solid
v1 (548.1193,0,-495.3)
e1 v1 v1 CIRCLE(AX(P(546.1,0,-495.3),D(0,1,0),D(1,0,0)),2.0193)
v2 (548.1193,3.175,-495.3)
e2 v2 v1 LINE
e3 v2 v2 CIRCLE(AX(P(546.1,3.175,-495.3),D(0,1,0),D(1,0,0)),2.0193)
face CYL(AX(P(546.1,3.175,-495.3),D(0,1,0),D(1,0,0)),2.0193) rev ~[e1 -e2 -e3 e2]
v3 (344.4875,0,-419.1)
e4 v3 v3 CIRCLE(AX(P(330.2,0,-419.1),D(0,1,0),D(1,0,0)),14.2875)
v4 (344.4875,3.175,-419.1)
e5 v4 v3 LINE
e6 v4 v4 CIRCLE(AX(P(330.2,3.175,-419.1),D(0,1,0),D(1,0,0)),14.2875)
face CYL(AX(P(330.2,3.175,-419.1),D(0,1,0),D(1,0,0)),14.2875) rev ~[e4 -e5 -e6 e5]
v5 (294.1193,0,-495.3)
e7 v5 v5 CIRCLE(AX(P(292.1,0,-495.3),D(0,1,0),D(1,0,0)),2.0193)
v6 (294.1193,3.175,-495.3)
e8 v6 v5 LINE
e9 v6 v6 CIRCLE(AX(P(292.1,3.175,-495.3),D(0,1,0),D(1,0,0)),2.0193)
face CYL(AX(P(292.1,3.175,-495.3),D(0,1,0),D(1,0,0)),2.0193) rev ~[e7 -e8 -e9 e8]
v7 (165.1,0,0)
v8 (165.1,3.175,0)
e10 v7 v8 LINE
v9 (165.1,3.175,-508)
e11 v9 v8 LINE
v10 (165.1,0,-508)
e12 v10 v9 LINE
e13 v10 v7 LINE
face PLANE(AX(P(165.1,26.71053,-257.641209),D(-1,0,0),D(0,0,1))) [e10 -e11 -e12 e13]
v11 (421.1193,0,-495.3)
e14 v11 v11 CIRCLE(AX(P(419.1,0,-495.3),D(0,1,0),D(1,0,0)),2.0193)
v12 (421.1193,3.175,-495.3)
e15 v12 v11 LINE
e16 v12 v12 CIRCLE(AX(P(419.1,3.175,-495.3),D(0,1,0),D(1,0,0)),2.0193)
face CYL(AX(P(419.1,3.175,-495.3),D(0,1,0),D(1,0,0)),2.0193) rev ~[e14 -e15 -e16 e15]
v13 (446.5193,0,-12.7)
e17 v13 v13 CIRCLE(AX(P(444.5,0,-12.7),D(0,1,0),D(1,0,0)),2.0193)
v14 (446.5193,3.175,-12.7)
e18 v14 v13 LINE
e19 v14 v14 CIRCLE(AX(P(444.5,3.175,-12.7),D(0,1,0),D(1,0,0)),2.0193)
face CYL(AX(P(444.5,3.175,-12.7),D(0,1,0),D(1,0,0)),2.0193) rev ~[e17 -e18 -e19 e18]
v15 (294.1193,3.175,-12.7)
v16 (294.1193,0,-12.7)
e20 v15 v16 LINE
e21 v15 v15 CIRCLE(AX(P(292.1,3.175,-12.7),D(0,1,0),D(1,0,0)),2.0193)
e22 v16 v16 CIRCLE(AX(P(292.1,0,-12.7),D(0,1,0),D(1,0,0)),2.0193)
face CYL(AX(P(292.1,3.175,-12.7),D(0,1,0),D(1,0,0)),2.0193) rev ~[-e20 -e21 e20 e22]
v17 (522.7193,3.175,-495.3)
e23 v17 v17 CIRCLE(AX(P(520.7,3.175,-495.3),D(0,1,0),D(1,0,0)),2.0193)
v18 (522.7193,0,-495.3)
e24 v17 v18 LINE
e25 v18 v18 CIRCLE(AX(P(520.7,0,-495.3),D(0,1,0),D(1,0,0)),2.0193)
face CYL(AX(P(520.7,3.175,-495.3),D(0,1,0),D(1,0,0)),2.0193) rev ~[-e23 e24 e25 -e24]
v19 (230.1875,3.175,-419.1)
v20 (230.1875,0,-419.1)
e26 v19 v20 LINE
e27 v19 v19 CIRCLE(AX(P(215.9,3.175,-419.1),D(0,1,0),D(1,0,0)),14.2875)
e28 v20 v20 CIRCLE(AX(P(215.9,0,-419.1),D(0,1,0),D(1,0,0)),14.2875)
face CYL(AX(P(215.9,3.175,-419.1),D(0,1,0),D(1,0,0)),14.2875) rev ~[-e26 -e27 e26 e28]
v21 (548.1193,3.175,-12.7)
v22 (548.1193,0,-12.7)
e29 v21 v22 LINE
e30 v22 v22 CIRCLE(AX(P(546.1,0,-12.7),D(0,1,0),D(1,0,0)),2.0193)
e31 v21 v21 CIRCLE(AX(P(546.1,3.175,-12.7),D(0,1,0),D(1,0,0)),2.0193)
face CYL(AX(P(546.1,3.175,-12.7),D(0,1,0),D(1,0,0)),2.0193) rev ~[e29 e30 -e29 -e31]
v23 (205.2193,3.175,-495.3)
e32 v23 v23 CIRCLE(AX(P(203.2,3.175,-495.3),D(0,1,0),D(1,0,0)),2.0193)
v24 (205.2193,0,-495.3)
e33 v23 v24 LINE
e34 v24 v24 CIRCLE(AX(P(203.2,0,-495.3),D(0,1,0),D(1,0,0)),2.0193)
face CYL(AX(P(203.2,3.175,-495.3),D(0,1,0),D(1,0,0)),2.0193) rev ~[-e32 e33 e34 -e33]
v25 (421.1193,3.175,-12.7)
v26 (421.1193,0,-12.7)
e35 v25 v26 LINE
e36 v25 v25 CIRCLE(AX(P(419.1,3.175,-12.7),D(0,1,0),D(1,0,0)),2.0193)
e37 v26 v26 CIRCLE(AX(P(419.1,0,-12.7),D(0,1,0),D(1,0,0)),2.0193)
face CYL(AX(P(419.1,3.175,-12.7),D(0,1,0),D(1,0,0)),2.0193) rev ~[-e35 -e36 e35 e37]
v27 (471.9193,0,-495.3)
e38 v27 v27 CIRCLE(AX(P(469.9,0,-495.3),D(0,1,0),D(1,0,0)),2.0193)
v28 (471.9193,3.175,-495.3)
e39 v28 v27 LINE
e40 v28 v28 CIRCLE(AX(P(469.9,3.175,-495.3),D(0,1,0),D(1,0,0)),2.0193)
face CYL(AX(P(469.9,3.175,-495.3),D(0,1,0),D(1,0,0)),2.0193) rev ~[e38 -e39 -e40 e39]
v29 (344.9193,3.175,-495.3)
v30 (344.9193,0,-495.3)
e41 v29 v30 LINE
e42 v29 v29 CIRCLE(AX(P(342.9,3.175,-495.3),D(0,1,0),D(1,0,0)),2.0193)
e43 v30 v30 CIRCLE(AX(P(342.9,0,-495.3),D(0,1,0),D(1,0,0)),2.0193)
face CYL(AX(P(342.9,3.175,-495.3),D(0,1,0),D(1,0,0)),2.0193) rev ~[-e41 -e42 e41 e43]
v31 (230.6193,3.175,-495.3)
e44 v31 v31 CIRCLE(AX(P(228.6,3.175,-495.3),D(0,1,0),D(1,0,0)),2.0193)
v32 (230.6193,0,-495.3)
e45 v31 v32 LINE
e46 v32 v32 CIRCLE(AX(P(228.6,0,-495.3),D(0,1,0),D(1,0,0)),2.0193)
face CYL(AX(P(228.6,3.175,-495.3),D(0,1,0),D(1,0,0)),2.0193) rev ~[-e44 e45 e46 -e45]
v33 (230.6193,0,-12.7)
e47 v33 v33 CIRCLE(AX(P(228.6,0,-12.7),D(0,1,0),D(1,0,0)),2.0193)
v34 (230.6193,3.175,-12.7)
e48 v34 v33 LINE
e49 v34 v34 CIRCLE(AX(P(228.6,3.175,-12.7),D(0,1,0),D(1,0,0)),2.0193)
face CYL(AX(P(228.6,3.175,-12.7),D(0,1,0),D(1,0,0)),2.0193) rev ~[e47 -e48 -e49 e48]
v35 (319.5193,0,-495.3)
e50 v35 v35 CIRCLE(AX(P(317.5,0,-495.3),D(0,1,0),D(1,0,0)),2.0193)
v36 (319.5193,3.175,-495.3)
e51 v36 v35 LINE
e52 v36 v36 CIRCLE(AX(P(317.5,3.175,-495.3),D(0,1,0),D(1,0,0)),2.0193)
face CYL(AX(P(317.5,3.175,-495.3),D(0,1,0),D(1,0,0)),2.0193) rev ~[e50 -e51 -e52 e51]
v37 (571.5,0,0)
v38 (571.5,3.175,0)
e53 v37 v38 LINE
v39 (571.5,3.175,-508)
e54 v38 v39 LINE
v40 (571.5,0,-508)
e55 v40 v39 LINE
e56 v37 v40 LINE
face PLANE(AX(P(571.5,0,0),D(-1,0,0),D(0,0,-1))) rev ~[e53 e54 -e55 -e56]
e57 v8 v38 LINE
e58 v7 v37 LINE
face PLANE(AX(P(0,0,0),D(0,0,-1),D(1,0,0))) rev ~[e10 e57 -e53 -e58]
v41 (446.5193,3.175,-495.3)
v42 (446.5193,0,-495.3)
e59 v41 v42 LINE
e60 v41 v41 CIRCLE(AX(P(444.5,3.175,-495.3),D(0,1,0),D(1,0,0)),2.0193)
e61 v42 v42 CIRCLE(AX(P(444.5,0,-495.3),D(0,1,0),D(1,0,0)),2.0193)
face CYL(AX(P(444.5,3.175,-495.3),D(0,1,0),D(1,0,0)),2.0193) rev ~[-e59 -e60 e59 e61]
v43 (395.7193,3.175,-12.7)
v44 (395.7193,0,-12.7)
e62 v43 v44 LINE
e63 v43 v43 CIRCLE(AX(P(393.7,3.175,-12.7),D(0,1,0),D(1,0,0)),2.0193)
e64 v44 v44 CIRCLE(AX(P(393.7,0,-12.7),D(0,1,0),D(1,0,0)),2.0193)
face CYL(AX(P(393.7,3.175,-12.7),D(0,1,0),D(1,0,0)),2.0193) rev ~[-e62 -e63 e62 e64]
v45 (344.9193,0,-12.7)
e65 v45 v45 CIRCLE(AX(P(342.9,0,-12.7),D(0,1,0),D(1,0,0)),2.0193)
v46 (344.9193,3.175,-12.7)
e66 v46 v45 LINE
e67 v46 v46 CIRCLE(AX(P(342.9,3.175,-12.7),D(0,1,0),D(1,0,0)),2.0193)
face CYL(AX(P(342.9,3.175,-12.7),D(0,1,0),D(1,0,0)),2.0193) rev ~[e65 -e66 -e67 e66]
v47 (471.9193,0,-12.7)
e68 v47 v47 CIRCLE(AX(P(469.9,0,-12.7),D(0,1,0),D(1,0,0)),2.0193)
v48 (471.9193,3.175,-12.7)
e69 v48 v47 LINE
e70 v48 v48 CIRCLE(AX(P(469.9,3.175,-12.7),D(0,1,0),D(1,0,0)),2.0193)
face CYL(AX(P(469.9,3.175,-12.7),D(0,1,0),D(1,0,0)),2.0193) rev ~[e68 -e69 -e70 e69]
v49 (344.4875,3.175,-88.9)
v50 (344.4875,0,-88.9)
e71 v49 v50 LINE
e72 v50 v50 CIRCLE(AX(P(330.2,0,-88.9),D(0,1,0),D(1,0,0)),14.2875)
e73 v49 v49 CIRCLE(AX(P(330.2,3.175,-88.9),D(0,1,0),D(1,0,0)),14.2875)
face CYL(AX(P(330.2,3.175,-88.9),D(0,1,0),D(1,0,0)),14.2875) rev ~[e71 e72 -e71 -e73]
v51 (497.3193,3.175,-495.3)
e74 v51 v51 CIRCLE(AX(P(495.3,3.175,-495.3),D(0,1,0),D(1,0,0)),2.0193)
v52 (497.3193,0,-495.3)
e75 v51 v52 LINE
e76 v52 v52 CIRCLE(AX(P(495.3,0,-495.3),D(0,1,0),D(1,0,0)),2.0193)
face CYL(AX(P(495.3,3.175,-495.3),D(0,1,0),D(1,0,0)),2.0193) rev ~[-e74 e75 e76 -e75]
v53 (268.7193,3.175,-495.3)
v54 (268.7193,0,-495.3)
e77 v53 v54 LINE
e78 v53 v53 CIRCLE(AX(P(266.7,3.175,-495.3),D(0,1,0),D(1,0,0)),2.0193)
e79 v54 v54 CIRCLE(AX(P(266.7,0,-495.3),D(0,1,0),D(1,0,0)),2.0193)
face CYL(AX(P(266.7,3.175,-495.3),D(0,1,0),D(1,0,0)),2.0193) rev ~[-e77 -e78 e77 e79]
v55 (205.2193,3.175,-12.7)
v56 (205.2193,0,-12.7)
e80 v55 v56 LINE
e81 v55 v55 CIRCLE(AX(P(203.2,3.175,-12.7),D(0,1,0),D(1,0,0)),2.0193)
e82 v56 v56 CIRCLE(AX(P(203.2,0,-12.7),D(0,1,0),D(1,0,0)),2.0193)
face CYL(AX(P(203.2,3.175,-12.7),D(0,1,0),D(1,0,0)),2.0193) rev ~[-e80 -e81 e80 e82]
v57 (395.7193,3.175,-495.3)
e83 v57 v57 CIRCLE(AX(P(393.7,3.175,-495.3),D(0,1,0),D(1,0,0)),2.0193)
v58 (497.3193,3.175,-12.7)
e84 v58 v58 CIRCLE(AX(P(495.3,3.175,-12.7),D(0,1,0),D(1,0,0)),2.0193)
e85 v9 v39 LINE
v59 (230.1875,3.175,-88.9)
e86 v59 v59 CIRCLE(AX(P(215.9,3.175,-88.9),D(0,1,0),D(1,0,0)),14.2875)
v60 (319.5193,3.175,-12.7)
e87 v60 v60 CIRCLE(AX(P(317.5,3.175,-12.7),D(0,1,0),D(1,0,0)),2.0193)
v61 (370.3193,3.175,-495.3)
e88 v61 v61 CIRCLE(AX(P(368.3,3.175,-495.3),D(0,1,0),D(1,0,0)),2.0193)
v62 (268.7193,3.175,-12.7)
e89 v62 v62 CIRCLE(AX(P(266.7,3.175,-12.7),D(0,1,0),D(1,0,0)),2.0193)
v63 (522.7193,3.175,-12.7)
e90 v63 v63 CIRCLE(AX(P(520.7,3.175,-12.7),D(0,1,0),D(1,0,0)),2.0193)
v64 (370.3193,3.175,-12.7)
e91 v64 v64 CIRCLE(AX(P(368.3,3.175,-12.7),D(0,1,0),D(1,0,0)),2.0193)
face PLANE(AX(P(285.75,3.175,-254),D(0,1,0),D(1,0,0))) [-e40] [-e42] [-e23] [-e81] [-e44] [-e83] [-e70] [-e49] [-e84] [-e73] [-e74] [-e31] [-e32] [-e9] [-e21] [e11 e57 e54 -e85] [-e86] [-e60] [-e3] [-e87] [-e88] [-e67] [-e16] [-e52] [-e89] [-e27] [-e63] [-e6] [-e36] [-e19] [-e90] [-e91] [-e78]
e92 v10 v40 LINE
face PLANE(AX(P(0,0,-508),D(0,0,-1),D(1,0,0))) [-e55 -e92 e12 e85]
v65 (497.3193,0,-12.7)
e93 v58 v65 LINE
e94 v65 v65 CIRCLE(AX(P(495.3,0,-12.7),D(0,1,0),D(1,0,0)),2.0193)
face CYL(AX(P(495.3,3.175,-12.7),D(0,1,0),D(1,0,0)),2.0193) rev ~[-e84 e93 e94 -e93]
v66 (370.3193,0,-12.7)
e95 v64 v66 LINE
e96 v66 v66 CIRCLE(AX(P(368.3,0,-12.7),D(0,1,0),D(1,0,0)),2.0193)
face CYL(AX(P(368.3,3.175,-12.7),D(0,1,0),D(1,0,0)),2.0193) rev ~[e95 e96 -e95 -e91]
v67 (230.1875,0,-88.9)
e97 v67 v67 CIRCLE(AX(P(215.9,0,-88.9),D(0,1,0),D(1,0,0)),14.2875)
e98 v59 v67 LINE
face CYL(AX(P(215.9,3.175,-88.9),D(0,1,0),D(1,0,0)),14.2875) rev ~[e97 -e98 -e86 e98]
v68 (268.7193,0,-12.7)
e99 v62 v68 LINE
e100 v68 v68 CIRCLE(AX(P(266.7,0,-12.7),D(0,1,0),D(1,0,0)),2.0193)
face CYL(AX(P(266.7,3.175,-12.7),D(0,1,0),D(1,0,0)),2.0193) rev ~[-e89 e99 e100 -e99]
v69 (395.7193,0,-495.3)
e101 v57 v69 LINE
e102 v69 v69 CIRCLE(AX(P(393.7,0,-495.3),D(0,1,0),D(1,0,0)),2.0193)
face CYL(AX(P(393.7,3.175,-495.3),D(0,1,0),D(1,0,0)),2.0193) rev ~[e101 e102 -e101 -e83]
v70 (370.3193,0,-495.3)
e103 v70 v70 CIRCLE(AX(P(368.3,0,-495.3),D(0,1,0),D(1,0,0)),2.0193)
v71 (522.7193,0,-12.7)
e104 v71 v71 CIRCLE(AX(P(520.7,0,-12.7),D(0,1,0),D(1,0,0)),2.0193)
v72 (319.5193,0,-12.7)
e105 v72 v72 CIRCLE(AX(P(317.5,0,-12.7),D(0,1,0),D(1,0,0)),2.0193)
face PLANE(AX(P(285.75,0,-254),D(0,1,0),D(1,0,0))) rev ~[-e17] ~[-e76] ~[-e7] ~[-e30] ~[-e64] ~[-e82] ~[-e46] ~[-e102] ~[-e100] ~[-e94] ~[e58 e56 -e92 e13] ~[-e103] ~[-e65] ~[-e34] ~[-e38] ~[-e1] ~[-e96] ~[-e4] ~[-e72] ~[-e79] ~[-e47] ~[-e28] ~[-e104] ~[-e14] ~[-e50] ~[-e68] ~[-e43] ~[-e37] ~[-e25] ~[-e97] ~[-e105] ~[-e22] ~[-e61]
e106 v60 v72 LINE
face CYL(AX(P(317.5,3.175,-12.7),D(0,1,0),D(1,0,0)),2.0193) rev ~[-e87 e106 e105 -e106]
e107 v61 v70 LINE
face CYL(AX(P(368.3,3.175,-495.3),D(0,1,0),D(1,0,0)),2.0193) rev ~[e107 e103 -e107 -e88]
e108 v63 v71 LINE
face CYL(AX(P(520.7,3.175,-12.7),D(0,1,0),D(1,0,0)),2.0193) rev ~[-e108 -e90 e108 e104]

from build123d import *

# Parameters (mm, degrees)
SKETCH1_W               = 571.5
SKETCH1_H               = 508
BOSS_EXTRUDE1_DEPTH     = 3.175
SKETCH2_R               = 14.2875
CUT_EXTRUDE1_DEPTH      = 3.175
SKETCH4_R               = 2.0193
CUT_EXTRUDE3_DEPTH      = 1
CUT_EXTRUDE3_DEPTH_BACK = 4.175
SKETCH5_W               = 619.579537293
SKETCH5_H               = 89.035098343
CUT_EXTRUDE4_DEPTH      = 165.1


with BuildPart() as part:
    # Sketch1 → Boss-Extrude1 (new body)
    with BuildSketch(Plane(origin=(0, 0, 0), x_dir=(1, 0, 0), z_dir=(0, 1, 0))):
        with Locations((285.75, 254)):
            Rectangle(SKETCH1_W, SKETCH1_H)
    extrude(amount=BOSS_EXTRUDE1_DEPTH)

    # Sketch2 → Cut-Extrude1 (cut)
    with BuildSketch(Plane(origin=(0, 3.175, 0), x_dir=(1, 0, 0), z_dir=(0, 1, 0))):
        with Locations((215.9, 419.1)):
            Circle(SKETCH2_R)
        with Locations((330.2, 419.1)):
            Circle(SKETCH2_R)
        with Locations((215.9, 88.9)):
            Circle(SKETCH2_R)
        with Locations((330.2, 88.9)):
            Circle(SKETCH2_R)
    extrude(amount=-CUT_EXTRUDE1_DEPTH, mode=Mode.SUBTRACT)

    # Sketch4 → Cut-Extrude3 (cut, two sides)
    with BuildSketch(Plane(origin=(0, 3.175, 0), x_dir=(1, 0, 0), z_dir=(0, 1, 0))) as cut_extrude3_sk:
        with Locations((546.1, 495.3)):
            Circle(SKETCH4_R)
        with Locations((520.7, 495.3)):
            Circle(SKETCH4_R)
        with Locations((495.3, 495.3)):
            Circle(SKETCH4_R)
        with Locations((469.9, 495.3)):
            Circle(SKETCH4_R)
        with Locations((444.5, 495.3)):
            Circle(SKETCH4_R)
        with Locations((419.1, 495.3)):
            Circle(SKETCH4_R)
        with Locations((393.7, 495.3)):
            Circle(SKETCH4_R)
        with Locations((368.3, 495.3)):
            Circle(SKETCH4_R)
        with Locations((342.9, 495.3)):
            Circle(SKETCH4_R)
        with Locations((317.5, 495.3)):
            Circle(SKETCH4_R)
        with Locations((292.1, 495.3)):
            Circle(SKETCH4_R)
        with Locations((266.7, 495.3)):
            Circle(SKETCH4_R)
        with Locations((228.6, 495.3)):
            Circle(SKETCH4_R)
        with Locations((203.2, 495.3)):
            Circle(SKETCH4_R)
        with Locations((203.2, 12.7)):
            Circle(SKETCH4_R)
        with Locations((228.6, 12.7)):
            Circle(SKETCH4_R)
        with Locations((266.7, 12.7)):
            Circle(SKETCH4_R)
        with Locations((292.1, 12.7)):
            Circle(SKETCH4_R)
        with Locations((317.5, 12.7)):
            Circle(SKETCH4_R)
        with Locations((342.9, 12.7)):
            Circle(SKETCH4_R)
        with Locations((368.3, 12.7)):
            Circle(SKETCH4_R)
        with Locations((393.7, 12.7)):
            Circle(SKETCH4_R)
        with Locations((419.1, 12.7)):
            Circle(SKETCH4_R)
        with Locations((444.5, 12.7)):
            Circle(SKETCH4_R)
        with Locations((469.9, 12.7)):
            Circle(SKETCH4_R)
        with Locations((495.3, 12.7)):
            Circle(SKETCH4_R)
        with Locations((520.7, 12.7)):
            Circle(SKETCH4_R)
        with Locations((546.1, 12.7)):
            Circle(SKETCH4_R)
    extrude(amount=CUT_EXTRUDE3_DEPTH, mode=Mode.SUBTRACT)
    extrude(cut_extrude3_sk.sketch, amount=-CUT_EXTRUDE3_DEPTH_BACK, mode=Mode.SUBTRACT)

    # Sketch5 → Cut-Extrude4 (cut)
    with BuildSketch(Plane.ZY):
        with Locations((-257.641209254, 26.710529503)):
            Rectangle(SKETCH5_W, SKETCH5_H)
    extrude(amount=-CUT_EXTRUDE4_DEPTH, mode=Mode.SUBTRACT)


solid = part.part
